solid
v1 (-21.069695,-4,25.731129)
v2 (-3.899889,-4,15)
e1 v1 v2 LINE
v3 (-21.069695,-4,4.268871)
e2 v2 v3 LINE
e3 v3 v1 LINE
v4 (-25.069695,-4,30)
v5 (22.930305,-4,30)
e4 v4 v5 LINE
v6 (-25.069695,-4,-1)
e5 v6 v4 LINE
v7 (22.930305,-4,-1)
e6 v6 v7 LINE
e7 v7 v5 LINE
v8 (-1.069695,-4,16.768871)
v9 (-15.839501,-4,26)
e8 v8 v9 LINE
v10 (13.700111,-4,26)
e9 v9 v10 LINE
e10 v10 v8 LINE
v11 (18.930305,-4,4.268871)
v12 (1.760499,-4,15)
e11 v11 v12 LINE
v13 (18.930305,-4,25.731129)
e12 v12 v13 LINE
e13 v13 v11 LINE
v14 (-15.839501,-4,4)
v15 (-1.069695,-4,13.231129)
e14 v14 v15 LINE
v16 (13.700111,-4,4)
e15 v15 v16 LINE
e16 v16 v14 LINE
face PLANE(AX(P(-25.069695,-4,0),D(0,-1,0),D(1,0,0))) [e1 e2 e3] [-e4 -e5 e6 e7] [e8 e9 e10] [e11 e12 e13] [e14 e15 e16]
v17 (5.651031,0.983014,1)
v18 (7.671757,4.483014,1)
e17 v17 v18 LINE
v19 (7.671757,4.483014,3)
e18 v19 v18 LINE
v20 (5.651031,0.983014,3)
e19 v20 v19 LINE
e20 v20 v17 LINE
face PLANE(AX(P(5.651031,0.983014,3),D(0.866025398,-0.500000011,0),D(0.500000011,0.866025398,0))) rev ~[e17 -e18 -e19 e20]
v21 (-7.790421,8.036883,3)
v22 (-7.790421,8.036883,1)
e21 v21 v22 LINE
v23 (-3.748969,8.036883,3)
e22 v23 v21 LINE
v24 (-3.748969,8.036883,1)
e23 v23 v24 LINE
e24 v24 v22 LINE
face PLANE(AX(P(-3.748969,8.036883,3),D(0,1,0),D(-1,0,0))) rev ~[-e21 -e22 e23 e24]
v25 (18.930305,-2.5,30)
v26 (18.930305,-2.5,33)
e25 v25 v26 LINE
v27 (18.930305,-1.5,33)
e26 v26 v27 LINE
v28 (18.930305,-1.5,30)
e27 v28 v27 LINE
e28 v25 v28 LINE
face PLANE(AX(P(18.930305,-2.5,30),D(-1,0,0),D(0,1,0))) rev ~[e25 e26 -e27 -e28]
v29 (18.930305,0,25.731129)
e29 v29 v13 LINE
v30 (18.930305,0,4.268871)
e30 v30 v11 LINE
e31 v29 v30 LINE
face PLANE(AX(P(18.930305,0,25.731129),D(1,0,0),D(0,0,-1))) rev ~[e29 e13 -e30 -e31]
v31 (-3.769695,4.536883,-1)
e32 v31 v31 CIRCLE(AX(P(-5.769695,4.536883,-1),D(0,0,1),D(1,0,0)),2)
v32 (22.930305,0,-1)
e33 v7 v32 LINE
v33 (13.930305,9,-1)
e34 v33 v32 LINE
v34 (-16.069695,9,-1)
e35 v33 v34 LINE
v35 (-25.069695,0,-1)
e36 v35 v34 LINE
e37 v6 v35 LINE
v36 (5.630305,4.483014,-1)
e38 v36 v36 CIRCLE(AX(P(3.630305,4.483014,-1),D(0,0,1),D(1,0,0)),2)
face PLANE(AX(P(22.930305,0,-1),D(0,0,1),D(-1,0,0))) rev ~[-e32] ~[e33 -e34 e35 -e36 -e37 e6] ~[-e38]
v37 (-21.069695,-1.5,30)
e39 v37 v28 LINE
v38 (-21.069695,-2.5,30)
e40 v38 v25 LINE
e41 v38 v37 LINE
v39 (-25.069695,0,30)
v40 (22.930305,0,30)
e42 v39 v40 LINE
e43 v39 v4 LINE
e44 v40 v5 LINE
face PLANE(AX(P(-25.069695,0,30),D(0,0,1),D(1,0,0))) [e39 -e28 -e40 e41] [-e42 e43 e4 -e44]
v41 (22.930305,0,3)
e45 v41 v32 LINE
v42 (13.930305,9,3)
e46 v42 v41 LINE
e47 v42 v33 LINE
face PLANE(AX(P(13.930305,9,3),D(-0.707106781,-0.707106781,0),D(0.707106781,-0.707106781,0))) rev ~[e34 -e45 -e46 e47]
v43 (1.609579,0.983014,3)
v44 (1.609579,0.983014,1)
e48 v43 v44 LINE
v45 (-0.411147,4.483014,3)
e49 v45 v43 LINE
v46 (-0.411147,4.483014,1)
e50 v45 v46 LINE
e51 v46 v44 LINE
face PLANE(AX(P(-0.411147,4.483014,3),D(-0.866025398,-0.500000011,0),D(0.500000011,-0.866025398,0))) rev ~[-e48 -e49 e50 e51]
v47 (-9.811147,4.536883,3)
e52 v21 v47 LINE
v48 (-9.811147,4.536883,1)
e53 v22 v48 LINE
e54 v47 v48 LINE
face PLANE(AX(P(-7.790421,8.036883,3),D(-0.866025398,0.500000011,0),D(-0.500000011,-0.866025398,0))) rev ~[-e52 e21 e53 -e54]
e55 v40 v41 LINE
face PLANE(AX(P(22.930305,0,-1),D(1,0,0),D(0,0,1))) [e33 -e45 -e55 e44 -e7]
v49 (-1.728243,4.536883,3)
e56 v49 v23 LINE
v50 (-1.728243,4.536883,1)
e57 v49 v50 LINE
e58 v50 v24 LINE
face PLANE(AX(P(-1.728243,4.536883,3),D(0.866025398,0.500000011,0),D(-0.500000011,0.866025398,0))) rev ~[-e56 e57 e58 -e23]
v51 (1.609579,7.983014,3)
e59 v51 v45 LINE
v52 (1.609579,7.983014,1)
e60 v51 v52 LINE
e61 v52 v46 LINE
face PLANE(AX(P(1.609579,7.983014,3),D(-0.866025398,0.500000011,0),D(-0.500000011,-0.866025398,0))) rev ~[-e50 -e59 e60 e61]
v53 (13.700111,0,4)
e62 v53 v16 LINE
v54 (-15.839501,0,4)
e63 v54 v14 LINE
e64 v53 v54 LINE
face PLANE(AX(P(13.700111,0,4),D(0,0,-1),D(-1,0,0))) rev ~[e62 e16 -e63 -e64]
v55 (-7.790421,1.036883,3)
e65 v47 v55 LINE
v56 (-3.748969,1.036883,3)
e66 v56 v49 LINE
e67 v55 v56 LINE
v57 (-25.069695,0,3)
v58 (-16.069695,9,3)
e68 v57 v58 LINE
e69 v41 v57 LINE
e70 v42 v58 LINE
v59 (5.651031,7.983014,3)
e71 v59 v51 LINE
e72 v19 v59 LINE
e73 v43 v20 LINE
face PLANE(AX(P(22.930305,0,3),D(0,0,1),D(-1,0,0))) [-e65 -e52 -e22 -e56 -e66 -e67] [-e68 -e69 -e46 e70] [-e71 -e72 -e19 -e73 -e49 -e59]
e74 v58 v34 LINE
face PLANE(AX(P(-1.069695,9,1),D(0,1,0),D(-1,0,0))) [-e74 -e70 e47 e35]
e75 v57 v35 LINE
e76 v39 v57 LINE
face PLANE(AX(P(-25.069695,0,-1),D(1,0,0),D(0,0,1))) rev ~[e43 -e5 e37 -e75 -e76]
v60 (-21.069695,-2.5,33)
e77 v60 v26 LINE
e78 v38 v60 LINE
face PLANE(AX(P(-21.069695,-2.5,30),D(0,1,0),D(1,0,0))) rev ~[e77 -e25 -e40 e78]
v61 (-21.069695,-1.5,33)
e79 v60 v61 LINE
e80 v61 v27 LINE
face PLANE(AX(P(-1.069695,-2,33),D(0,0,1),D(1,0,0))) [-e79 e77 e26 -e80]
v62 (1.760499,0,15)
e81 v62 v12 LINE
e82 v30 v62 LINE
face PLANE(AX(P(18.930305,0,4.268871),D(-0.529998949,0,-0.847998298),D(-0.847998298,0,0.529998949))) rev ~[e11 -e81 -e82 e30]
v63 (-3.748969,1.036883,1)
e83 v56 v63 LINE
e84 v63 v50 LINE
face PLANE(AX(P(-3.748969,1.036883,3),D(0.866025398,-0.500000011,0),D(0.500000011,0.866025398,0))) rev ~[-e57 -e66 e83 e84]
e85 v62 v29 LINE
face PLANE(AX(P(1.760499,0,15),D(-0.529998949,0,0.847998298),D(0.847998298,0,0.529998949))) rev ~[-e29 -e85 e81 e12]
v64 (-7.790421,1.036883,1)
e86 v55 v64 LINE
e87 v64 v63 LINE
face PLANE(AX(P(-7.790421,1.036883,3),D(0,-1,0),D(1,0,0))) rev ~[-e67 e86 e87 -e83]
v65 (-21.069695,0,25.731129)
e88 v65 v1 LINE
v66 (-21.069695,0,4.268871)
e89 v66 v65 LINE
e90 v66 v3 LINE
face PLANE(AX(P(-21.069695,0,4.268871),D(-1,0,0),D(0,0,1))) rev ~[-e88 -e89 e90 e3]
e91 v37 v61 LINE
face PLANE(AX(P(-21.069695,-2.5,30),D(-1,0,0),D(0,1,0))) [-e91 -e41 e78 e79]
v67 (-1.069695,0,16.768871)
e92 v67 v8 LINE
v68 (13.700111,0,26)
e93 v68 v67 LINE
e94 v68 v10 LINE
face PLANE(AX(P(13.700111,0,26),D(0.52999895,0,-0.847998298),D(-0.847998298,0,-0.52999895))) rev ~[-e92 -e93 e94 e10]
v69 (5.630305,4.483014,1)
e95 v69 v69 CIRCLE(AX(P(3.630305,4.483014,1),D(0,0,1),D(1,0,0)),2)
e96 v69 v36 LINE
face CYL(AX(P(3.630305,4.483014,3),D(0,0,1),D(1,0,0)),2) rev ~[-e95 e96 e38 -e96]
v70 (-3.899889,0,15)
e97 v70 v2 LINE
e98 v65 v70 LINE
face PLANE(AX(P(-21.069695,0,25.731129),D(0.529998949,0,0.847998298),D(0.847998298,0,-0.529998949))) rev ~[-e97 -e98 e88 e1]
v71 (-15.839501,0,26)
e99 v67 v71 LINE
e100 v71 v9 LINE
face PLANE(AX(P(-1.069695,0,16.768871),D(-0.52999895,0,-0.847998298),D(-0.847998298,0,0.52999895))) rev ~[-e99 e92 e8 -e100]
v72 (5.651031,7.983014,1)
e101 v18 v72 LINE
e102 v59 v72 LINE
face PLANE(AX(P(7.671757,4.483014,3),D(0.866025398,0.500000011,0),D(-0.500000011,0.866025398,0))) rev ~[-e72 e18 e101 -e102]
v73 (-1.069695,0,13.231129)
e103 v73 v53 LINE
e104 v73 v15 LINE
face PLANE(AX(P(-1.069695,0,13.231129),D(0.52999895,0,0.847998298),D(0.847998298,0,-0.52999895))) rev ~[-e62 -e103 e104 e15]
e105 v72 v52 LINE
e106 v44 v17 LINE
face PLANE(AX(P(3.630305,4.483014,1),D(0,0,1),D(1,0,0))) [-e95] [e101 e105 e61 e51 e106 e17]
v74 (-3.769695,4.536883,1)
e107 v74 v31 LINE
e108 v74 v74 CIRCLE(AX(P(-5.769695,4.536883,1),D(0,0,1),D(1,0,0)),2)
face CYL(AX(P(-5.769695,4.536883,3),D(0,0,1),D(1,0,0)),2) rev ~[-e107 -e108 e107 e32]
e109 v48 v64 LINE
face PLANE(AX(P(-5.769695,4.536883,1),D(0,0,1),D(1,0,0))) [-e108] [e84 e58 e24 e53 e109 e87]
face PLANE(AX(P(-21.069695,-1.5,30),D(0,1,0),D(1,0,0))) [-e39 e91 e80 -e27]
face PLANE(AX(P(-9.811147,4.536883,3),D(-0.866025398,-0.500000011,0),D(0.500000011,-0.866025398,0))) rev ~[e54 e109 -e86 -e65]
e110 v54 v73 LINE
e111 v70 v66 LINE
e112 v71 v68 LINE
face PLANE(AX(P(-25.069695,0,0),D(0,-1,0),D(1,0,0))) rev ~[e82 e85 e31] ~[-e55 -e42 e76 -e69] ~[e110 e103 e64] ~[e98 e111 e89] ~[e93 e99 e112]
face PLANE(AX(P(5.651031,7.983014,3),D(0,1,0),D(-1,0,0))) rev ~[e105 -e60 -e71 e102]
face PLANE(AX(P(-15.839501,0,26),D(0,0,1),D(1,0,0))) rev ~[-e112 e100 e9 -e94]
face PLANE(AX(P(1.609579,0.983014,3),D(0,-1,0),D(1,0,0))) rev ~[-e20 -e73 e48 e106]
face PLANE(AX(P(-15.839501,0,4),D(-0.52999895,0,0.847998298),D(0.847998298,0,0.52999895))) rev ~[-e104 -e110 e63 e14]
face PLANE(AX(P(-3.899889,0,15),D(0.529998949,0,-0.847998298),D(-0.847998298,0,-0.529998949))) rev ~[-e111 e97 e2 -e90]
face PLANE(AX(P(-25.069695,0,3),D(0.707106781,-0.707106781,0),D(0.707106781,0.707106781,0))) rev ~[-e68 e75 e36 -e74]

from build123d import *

# Parameters (mm, degrees)
F0_W      = 48
F0_H      = 30
F1_DEPTH  = 4
F1_FACE_W = 48
F1_FACE_H = 4
F2_DEPTH  = 1
F3_W      = 40
F3_H      = 1
F4_DEPTH  = 3
F5_W      = 48
F5_H      = 4
F6_DEPTH  = 9
F7_R      = 2
F8_DEPTH  = 4
F9_DEPTH  = 2
F11_DEPTH = 4


with BuildPart() as f1:
    # F0 (on Front) → F1 (new body)
    with BuildSketch(Plane.XZ):
        with Locations((-1.069695, 15)):
            Rectangle(F0_W, F0_H)
        Polygon((-21.069695, 4.268871), (-21.069695, 25.731129), (-3.899889, 15), align=None, mode=Mode.SUBTRACT)
        Polygon((13.700111, 4), (-15.839501, 4), (-1.069695, 13.231129), align=None, mode=Mode.SUBTRACT)
        Polygon((18.930305, 25.731129), (18.930305, 4.268871), (1.760499, 15), align=None, mode=Mode.SUBTRACT)
        Polygon((-1.069695, 16.768871), (-15.839501, 26), (13.700111, 26), align=None, mode=Mode.SUBTRACT)
    extrude(amount=F1_DEPTH)

    # F1_face (on face) → F2 (join)
    with BuildSketch(Plane(origin=(-1.069695, -2, 0), x_dir=(1, 0, 0), z_dir=(0, 0, -1))):
        Rectangle(F1_FACE_W, F1_FACE_H)
    extrude(amount=F2_DEPTH)

    # F3 (on face) → F4 (join)
    with BuildSketch(Plane.XY.offset(30)):
        with Locations((-1.069695, -2)):
            Rectangle(F3_W, F3_H)
    extrude(amount=F4_DEPTH)

    # F5 (on face) → F6 (join)
    with BuildSketch(Plane(origin=(0, 0, 0), x_dir=(-1, 0, 0), z_dir=(0, 1, 0))):
        with Locations((1.069695, 1)):
            Rectangle(F5_W, F5_H)
    extrude(amount=F6_DEPTH)

    # F7 (on face) → F8 (cut)
    with BuildSketch(Plane.XY.offset(3)):
        with Locations((-5.769695, 4.536883)):
            Circle(F7_R)
        with Locations((3.630305, 4.483014)):
            Circle(F7_R)
    extrude(amount=-F8_DEPTH, mode=Mode.SUBTRACT)

    # F7 (on face) → F9 (cut)
    with BuildSketch(Plane.XY.offset(3)):
        Polygon((-3.748969, 1.036883), (-1.728243, 4.536883), (-3.748969, 8.036883), (-7.790421, 8.036883), (-9.811147, 4.536883), (-7.790421, 1.036883), align=None)
        with Locations((-5.769695, 4.536883)):
            Circle(F7_R, mode=Mode.SUBTRACT)
        Polygon((5.651031, 0.983014), (7.671757, 4.483014), (5.651031, 7.983014), (1.609579, 7.983014), (-0.411147, 4.483014), (1.609579, 0.983014), align=None)
        with Locations((3.630305, 4.483014)):
            Circle(F7_R, mode=Mode.SUBTRACT)
    extrude(amount=-F9_DEPTH, mode=Mode.SUBTRACT)

    # F10 (on face) → F11 (cut)
    with BuildSketch(Plane.XY.offset(3)):
        Polygon((-25.069695, 0), (-16.069695, 9), (-25.069695, 9), align=None)
        Polygon((22.930305, 9), (13.930305, 9), (22.930305, 0), align=None)
    extrude(amount=-F11_DEPTH, mode=Mode.SUBTRACT)


solid = f1.part
